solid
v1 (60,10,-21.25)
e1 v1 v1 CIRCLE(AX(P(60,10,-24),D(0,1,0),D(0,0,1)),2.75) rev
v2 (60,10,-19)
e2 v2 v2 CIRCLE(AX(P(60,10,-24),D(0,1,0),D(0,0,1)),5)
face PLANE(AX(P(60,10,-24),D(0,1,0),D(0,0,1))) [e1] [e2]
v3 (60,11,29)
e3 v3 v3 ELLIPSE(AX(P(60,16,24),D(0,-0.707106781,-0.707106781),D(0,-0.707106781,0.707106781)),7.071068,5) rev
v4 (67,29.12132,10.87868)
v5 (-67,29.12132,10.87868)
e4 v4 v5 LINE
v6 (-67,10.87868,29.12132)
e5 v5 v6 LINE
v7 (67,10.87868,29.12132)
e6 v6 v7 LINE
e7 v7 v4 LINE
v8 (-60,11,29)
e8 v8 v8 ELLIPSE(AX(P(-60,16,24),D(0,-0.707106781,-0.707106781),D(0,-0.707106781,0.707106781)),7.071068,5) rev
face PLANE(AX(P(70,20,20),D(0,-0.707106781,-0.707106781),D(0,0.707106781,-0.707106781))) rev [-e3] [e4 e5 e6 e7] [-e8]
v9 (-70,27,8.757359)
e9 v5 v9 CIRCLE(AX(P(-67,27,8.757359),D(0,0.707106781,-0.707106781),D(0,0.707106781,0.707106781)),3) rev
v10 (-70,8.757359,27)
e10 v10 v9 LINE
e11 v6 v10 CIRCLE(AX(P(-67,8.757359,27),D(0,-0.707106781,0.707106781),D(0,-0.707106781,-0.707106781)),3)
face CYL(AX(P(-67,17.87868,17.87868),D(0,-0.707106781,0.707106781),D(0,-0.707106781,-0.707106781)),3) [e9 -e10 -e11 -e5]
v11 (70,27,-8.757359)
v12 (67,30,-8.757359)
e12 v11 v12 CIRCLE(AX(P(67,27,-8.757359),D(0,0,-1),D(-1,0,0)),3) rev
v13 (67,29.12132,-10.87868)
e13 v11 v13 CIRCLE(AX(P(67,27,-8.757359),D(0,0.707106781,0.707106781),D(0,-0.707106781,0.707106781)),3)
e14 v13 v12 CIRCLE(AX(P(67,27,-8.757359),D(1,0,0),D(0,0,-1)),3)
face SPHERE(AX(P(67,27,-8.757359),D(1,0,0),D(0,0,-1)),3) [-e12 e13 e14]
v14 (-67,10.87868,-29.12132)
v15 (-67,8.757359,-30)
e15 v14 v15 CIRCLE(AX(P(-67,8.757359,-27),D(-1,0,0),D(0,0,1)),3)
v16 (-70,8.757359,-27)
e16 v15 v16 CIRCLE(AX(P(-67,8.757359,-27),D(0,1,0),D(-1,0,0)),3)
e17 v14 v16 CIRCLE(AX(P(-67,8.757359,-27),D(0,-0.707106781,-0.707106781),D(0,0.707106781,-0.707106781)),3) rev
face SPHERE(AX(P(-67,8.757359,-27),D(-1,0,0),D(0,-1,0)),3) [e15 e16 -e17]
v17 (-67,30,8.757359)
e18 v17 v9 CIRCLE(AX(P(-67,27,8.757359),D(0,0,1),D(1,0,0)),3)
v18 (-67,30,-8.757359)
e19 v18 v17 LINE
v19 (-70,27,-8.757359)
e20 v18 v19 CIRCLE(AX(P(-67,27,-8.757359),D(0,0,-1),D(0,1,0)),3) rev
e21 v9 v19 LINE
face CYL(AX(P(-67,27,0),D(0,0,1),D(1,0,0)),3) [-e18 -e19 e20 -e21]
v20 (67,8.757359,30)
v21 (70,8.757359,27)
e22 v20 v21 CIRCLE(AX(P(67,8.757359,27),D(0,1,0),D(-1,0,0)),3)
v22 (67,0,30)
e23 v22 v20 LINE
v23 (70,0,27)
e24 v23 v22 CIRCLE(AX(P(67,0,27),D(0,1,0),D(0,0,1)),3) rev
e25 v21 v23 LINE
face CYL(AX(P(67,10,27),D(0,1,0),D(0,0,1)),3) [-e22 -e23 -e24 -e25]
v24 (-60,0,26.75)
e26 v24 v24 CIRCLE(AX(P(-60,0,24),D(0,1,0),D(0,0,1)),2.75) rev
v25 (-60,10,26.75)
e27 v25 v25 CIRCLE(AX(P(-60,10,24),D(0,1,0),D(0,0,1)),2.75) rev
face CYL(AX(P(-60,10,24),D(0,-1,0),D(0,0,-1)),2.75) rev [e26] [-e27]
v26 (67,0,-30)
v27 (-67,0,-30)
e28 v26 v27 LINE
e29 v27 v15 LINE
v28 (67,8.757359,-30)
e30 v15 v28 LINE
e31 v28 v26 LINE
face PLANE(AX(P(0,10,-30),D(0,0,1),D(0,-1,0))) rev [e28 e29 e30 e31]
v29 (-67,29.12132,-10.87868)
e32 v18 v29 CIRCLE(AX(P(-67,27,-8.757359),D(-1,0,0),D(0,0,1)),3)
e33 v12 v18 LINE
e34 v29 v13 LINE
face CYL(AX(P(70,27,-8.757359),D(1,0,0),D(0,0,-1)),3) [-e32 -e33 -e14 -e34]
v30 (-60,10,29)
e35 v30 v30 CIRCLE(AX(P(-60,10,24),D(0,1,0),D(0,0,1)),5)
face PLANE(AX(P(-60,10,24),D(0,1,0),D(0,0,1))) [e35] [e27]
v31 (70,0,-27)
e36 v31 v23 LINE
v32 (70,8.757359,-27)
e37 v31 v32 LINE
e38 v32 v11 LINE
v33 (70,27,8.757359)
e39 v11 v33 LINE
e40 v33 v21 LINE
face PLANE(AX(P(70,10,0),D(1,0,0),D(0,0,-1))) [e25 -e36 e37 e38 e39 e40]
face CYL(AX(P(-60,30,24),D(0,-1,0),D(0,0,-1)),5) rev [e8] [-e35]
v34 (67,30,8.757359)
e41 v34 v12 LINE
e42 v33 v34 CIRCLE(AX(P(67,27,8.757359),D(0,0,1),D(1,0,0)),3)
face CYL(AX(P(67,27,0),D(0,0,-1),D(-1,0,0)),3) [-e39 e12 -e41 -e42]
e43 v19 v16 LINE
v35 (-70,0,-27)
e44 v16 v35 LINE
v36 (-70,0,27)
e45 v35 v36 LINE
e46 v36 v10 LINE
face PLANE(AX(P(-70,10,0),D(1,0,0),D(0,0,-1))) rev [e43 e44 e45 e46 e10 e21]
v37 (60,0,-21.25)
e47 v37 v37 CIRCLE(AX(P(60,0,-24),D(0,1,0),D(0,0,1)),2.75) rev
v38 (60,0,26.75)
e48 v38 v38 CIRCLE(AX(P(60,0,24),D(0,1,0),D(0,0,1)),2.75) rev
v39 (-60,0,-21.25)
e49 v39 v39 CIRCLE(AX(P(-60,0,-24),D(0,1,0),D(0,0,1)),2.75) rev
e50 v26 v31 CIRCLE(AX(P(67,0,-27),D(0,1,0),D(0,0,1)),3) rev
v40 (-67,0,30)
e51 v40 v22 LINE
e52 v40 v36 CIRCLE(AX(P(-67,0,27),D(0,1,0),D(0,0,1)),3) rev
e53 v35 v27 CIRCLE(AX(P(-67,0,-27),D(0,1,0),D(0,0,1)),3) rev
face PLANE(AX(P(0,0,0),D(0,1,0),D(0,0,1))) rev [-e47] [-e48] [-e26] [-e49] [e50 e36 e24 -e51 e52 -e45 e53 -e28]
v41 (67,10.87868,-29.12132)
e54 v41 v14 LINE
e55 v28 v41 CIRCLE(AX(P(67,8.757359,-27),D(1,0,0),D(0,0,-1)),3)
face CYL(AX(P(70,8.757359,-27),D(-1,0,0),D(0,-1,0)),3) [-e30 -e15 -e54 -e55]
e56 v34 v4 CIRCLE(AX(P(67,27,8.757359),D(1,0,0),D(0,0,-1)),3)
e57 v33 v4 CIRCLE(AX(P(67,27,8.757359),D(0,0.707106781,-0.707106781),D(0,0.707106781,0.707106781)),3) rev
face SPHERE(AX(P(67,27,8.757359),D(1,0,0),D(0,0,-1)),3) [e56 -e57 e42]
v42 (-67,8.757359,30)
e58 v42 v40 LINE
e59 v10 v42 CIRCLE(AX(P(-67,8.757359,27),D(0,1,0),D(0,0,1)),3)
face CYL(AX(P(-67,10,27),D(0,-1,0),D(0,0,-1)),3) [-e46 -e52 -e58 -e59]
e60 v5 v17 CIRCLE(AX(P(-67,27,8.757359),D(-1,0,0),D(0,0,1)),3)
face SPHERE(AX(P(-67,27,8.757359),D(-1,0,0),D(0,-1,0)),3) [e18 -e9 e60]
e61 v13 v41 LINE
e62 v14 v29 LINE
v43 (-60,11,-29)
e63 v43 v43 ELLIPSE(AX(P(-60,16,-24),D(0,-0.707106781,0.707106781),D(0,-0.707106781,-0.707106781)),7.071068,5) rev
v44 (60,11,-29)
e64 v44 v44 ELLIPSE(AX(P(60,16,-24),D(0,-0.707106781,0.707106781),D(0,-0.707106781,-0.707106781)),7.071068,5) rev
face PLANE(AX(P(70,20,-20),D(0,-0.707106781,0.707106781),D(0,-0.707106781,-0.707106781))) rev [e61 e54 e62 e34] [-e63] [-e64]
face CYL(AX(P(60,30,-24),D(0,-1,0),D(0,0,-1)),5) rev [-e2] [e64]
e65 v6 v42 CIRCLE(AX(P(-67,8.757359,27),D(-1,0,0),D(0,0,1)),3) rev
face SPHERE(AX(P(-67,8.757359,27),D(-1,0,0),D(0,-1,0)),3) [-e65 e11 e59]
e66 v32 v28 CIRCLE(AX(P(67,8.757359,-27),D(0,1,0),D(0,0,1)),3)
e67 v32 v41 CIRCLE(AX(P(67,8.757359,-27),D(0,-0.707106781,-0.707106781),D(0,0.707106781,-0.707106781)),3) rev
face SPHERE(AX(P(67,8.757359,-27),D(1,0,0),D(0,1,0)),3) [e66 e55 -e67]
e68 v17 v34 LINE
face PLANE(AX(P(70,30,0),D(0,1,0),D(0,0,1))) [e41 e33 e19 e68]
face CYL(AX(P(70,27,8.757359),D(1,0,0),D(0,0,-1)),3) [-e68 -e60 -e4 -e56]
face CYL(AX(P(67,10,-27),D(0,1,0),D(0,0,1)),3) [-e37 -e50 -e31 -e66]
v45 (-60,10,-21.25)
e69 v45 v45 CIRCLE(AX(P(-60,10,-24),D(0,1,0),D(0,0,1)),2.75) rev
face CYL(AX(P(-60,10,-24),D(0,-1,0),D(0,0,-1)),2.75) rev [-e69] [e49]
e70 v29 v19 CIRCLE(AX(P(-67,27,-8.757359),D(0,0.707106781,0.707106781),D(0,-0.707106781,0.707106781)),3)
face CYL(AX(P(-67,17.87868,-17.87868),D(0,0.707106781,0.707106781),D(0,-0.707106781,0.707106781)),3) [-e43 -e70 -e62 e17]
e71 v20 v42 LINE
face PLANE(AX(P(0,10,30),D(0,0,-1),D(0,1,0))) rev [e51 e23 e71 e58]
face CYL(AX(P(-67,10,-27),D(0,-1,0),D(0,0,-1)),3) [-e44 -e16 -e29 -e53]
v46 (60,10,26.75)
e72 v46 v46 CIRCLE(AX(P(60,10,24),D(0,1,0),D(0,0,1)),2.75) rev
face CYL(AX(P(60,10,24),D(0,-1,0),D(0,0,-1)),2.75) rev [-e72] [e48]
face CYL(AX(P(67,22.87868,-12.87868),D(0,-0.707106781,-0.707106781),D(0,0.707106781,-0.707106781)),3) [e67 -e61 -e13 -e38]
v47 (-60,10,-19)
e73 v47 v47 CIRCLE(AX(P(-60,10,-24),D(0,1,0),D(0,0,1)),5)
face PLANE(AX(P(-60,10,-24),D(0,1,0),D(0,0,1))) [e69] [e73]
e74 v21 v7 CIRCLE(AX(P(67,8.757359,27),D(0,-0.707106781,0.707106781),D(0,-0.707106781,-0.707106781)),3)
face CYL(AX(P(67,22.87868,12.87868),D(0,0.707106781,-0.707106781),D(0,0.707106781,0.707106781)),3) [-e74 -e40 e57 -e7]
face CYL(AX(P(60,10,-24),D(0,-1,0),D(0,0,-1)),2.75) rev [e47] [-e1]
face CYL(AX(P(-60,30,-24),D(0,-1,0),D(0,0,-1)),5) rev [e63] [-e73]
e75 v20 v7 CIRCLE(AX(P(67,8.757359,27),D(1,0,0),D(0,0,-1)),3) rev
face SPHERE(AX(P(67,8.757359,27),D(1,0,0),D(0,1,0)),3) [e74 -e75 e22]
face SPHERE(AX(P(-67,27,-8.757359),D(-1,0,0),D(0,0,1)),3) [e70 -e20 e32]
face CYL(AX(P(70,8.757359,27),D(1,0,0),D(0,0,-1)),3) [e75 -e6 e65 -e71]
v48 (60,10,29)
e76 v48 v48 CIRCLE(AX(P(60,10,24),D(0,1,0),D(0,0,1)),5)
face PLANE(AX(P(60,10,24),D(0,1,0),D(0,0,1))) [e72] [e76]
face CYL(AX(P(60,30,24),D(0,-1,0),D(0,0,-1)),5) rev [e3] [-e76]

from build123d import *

# Parameters (mm, degrees)
SKETCH1_R           = 2.75
SKETCH1_W           = 130
SKETCH1_H           = 38
BOSS_EXTRUDE1_DEPTH = 10
SKETCH2_W           = 20
SKETCH2_H           = 20
BOSS_EXTRUDE3_DEPTH = 140
SKETCH3_R           = 5
CUT_EXTRUDE1_DEPTH  = 79.74007874
FILLET1_R           = 3


with BuildPart() as part:
    # Sketch1 → Boss-Extrude1 (new body)
    # profile 1 of 6: a face of its own
    with BuildSketch(Plane(origin=(0, 0, 0), x_dir=(1, 0, 0), z_dir=(0, 1, 0))):
        with BuildLine():
            Line((70, 30), (67, 30))
            ThreePointArc((67, 30), (69.121320344, 29.121320344), (70, 27))
            Line((70, 27), (70, 30))
        make_face()
    # profile 2 of 6: a face of its own
    with BuildSketch(Plane(origin=(0, 0, 0), x_dir=(1, 0, 0), z_dir=(0, 1, 0))):
        with BuildLine():
            ThreePointArc((70, 27), (69.121320344, 29.121320344), (67, 30))
            Line((67, 30), (-67, 30))
            ThreePointArc((-67, 30), (-69.121320344, 29.121320344), (-70, 27))
            Line((-70, 27), (-70, -27))
            ThreePointArc((-70, -27), (-69.121320344, -29.121320344), (-67, -30))
            Line((-67, -30), (67, -30))
            ThreePointArc((67, -30), (69.121320344, -29.121320344), (70, -27))
            Line((70, -27), (70, 27))
        make_face()
        with Locations(Location((-60, -24, 0), (0, 0, 270))):
            Circle(SKETCH1_R, mode=Mode.SUBTRACT)
        with Locations(Location((60, 24, 0), (0, 0, 270))):
            Circle(SKETCH1_R, mode=Mode.SUBTRACT)
        with Locations(Location((60, -24, 0), (0, 0, 270))):
            Circle(SKETCH1_R, mode=Mode.SUBTRACT)
        with Locations(Location((-60, 24, 0), (0, 0, 270))):
            Circle(SKETCH1_R, mode=Mode.SUBTRACT)
        Rectangle(SKETCH1_W, SKETCH1_H, mode=Mode.SUBTRACT)
    # profile 3 of 6: a face of its own
    with BuildSketch(Plane(origin=(0, 0, 0), x_dir=(1, 0, 0), z_dir=(0, 1, 0))):
        with BuildLine():
            Line((70, -30), (70, -27))
            ThreePointArc((70, -27), (69.121320344, -29.121320344), (67, -30))
            Line((67, -30), (70, -30))
        make_face()
    # profile 4 of 6: a face of its own
    with BuildSketch(Plane(origin=(0, 0, 0), x_dir=(1, 0, 0), z_dir=(0, 1, 0))):
        with BuildLine():
            ThreePointArc((-70, 27), (-69.121320344, 29.121320344), (-67, 30))
            Line((-67, 30), (-70, 30))
            Line((-70, 30), (-70, 27))
        make_face()
    # profile 5 of 6: a face of its own
    with BuildSketch(Plane(origin=(0, 0, 0), x_dir=(1, 0, 0), z_dir=(0, 1, 0))):
        with BuildLine():
            ThreePointArc((-67, -30), (-69.121320344, -29.121320344), (-70, -27))
            Line((-70, -27), (-70, -30))
            Line((-70, -30), (-67, -30))
        make_face()
    # profile 6 of 6: a face of its own
    with BuildSketch(Plane(origin=(0, 0, 0), x_dir=(1, 0, 0), z_dir=(0, 1, 0))):
        Rectangle(SKETCH1_W, SKETCH1_H)
    extrude(amount=BOSS_EXTRUDE1_DEPTH)

    # Sketch2 → Boss-Extrude3 (add, through all)
    with BuildSketch(Plane.ZY.offset(70)):
        Polygon((-10, 10), (-10, 30), (-30, 10), align=None)
        with Locations((0, 20)):
            Rectangle(SKETCH2_W, SKETCH2_H)
        Polygon((30, 10), (10, 30), (10, 10), align=None)
    extrude(amount=-BOSS_EXTRUDE3_DEPTH)

    # Sketch3 → Cut-Extrude1 (cut, through all)
    with BuildSketch(Plane(origin=(0, 10, 0), x_dir=(1, 0, 0), z_dir=(0, 1, 0))):
        with Locations(Location((60, 24, 0), (0, 0, 90))):
            Circle(SKETCH3_R)
        with Locations(Location((60, -24, 0), (0, 0, 270))):
            Circle(SKETCH3_R)
        with Locations(Location((-60, 24, 0), (0, 0, 90))):
            Circle(SKETCH3_R)
        with Locations(Location((-60, -24, 0), (0, 0, 270))):
            Circle(SKETCH3_R)
    extrude(amount=CUT_EXTRUDE1_DEPTH, mode=Mode.SUBTRACT)

    # Fillet1
    fillet1_edges = [part.edges().sort_by_distance(p)[0] for p in [
        (0, 10, -30),
        (70, 5, 30),
        (-70, 5, 30),
        (-70, 5, -30),
        (70, 5, -30),
        (0, 10, 30),
        (-70, 20, -20),
        (70, 30, 0),
        (0, 30, -10),
        (-70, 20, 20),
        (0, 30, 10),
        (70, 20, -20),
        (70, 20, 20),
        (-70, 30, 0),
    ]]
    fillet(fillet1_edges, radius=FILLET1_R)


solid = part.part
